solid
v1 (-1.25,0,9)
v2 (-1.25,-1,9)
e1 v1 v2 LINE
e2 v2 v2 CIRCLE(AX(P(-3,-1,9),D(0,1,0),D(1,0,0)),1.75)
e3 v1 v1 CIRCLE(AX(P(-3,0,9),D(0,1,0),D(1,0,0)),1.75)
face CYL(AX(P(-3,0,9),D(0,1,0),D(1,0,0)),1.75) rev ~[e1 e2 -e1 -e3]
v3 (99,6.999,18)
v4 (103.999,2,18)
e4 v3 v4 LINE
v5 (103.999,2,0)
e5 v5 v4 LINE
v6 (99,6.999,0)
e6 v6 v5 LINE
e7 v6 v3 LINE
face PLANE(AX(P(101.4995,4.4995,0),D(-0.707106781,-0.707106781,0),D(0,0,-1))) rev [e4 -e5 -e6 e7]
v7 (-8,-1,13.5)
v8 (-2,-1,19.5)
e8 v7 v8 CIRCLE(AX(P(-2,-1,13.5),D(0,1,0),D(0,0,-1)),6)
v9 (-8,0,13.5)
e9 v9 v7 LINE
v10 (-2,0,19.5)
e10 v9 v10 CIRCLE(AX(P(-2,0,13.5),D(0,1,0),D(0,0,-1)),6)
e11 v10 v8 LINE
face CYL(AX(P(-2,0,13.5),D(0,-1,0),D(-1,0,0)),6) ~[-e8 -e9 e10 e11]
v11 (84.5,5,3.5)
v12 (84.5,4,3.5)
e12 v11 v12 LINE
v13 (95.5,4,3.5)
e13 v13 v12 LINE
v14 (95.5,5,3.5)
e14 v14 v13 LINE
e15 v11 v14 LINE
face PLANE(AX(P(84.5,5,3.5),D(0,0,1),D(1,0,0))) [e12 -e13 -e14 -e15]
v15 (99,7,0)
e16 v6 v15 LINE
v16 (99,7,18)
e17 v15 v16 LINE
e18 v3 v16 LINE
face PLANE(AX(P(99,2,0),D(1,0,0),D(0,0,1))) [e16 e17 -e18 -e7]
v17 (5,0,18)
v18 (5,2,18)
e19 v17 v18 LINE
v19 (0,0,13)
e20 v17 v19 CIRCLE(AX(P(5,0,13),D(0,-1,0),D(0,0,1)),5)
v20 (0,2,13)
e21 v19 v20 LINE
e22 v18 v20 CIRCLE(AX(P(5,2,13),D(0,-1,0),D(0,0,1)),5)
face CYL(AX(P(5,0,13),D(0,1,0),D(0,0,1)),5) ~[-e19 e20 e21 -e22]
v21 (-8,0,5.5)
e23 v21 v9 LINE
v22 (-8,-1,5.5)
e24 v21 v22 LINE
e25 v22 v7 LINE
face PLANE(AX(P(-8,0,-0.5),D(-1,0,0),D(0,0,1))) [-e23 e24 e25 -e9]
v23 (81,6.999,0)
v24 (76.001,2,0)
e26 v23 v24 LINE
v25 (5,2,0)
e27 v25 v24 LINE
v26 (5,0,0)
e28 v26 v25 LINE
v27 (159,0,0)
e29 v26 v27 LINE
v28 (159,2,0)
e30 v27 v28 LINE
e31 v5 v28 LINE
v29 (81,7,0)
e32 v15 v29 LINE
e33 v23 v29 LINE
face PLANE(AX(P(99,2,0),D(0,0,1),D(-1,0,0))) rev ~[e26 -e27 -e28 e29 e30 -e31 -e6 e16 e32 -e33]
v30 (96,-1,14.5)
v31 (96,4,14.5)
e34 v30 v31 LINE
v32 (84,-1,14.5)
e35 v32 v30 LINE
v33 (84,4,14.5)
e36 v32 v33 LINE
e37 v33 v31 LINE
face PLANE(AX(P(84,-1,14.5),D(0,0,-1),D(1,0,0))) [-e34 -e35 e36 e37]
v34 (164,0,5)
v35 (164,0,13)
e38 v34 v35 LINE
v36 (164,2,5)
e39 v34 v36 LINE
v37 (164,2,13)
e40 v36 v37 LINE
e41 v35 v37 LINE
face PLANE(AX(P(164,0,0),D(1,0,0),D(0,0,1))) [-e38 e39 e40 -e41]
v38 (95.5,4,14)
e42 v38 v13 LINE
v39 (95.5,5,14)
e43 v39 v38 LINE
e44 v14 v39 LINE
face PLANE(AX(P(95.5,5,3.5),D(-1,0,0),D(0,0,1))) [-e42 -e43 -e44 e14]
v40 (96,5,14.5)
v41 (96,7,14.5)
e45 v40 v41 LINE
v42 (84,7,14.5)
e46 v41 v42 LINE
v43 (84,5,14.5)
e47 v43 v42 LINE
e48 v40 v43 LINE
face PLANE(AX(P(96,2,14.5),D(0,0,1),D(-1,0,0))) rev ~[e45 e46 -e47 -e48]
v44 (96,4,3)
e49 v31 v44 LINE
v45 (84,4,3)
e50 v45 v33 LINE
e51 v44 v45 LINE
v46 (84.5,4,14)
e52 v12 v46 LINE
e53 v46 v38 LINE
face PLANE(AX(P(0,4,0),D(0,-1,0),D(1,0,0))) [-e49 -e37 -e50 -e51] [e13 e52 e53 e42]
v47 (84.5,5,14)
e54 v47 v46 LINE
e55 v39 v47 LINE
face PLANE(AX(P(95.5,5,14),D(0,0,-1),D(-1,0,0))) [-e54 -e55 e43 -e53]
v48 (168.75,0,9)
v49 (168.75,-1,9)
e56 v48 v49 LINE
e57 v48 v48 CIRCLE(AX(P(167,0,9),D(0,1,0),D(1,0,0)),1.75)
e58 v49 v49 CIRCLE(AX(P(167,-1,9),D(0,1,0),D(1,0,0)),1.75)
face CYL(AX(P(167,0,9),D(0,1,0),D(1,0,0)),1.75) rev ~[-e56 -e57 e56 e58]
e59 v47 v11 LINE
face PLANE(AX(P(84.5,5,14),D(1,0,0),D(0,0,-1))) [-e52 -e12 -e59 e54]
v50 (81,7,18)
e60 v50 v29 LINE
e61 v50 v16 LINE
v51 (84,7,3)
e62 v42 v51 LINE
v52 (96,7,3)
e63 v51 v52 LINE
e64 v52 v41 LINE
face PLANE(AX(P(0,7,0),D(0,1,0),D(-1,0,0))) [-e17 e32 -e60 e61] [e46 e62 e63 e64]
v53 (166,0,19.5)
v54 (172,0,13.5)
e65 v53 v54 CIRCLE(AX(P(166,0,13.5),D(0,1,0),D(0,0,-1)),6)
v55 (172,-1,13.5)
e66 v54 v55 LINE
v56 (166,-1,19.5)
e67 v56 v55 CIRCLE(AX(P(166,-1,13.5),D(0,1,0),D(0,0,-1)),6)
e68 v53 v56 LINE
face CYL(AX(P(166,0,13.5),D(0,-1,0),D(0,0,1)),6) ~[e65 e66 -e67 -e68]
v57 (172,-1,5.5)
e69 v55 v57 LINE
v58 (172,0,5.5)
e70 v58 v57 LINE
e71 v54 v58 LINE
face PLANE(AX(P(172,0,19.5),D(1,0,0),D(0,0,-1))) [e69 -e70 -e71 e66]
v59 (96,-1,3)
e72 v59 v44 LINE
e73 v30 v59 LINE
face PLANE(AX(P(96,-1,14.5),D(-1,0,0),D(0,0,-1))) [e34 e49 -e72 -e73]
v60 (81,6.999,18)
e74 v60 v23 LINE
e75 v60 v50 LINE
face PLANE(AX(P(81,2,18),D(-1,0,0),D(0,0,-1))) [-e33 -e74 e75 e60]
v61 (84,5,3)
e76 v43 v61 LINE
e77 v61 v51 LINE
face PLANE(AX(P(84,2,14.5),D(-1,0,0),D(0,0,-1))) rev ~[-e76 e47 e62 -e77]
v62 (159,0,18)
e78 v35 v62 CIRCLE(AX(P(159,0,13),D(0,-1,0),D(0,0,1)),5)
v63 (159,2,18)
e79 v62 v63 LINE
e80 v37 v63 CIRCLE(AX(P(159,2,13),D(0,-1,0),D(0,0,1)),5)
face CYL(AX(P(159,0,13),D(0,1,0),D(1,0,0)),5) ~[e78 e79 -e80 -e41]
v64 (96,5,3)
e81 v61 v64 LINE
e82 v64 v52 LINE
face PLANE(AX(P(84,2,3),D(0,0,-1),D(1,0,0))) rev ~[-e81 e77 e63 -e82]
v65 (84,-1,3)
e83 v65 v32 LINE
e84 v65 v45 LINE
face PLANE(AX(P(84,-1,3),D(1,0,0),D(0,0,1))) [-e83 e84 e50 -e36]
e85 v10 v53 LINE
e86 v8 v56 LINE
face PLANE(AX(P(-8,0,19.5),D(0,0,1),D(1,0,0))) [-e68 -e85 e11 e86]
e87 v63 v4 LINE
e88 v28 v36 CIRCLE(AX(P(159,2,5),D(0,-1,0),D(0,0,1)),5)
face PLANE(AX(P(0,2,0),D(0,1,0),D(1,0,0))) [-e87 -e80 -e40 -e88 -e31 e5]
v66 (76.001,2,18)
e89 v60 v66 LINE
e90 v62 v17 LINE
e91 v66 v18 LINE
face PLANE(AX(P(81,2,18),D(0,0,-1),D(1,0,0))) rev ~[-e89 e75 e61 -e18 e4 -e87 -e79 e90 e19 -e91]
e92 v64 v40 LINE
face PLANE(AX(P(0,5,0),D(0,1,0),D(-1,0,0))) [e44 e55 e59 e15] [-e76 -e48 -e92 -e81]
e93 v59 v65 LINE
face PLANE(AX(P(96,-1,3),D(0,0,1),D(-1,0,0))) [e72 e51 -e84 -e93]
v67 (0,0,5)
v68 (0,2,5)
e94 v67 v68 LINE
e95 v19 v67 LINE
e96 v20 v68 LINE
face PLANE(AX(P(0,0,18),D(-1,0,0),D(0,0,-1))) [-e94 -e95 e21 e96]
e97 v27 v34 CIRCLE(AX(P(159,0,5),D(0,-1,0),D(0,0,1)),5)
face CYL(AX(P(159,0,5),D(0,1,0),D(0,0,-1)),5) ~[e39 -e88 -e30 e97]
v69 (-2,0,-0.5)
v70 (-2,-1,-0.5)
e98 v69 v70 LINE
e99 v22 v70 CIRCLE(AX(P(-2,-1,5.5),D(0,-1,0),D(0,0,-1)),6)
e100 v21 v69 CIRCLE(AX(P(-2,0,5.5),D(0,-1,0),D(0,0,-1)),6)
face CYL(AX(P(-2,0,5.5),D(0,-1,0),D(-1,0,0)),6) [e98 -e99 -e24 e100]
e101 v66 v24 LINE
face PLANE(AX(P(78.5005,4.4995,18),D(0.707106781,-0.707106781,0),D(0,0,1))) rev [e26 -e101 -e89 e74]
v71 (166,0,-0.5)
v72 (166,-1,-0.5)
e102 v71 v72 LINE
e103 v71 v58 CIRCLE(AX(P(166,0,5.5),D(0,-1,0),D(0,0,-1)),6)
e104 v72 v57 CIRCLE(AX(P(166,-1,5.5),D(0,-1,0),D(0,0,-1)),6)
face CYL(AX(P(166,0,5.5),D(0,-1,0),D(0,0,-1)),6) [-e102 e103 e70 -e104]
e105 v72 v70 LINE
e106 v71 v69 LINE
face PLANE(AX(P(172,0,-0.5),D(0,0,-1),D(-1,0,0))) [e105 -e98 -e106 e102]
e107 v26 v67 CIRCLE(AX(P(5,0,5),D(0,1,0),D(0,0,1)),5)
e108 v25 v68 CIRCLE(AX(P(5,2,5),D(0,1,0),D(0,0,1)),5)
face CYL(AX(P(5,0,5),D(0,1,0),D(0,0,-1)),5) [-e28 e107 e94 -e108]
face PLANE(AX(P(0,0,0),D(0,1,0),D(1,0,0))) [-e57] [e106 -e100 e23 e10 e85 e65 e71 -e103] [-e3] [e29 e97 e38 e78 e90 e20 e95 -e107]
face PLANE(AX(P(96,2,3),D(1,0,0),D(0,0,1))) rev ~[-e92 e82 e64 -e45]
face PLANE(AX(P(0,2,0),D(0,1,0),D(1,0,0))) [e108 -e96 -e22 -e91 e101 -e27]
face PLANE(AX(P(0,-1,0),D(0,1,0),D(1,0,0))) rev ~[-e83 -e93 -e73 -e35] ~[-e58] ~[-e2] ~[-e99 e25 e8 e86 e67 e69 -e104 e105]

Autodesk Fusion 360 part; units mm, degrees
sketch "Skizze1" plane through (0, 0, 0) normal (0, 1, 0) x (1, 0, 0)
  line L0 (0, 0) -> (164, 0)
  line L1 (164, 0) -> (164, -18)
  line L2 (164, -18) -> (0, -18)
  line L3 (0, -18) -> (0, 0)
  dimension "d1" = 18
  dimension "d2" = 164
extrude "Extrusion1" add sketch "Skizze1" along normal blind 8
fillet "Abrundung1" radius 5 4 edges at (0, 4, 18) (164, 4, 18) (0, 4, 0) (164, 4, 0)
sketch "Skizze2" plane through (0, 0, 0) normal (0, 1, 0) x (1, 0, 0)
  line L0 (-8, -19.5) -> (172, -19.5)
  line L1 (172, -19.5) -> (172, 0.5)
  line L2 (172, 0.5) -> (-8, 0.5)
  line L3 (-8, 0.5) -> (-8, -19.5)
  line L4 (-8, -9) -> (172, -9) construction
  circle A0 centre (-3, -9) radius 1.75
  circle A1 centre (167, -9) radius 1.75
  point P0 (0, -13)
  point P1 (164, -13)
  dimension "d7" = 0.5
  dimension "d8" = 19.5
  dimension "d9" = 9
  dimension "d10" = 3
  dimension "d11" = 3
  dimension "d12" = 3.5
  dimension "d13" = 5
  dimension "d14" = 5
extrude "Extrusion2" add sketch "Skizze2" against normal blind 1
fillet "Abrundung2" radius 6 4 edges at (172, -0.5, 19.5) (172, -0.5, -0.5) (-8, -0.5, 19.5) (-8, -0.5, -0.5)
extrude "Extrusion3" cut 1 faces at (56.3333, 8, 12) along direction (0, -1, 0) blind 6
sketch "Skizze3" plane through (0, 2, 0) normal (0, 1, 0) x (-1, 0, 0)
  arc A0 (-164, 5) -> (-159, 0) centre (-159, 5) ccw
  line L0 (-159, 0) -> (-5, 0)
  arc A1 (-5, 0) -> (0, 5) centre (-5, 5) ccw
  line L1 (0, 5) -> (0, 13)
  arc A2 (0, 13) -> (-5, 18) centre (-5, 13) ccw
  line L2 (-5, 18) -> (-159, 18)
  arc A3 (-159, 18) -> (-164, 13) centre (-159, 13) ccw
  line L3 (-164, 13) -> (-164, 5)
  line L4 (-96, 14.5) -> (-84, 14.5)
  line L5 (-84, 14.5) -> (-84, 3)
  line L6 (-84, 3) -> (-96, 3)
  line L7 (-96, 3) -> (-96, 14.5)
  dimension "d21" = 68
  dimension "d22" = 3
  dimension "d23" = 3.5
  dimension "d24" = 12
extrude "Extrusion4" add sketch "Skizze3" along normal blind 3 contours L4 L5 L6 L7
sketch "Skizze4" plane through (0, 2, 0) normal (0, 1, 0) x (-1, 0, 0)
  line L0 (-96, 3) -> (-96, 14.5)
  line L1 (-96, 14.5) -> (-84, 14.5)
  line L2 (-84, 14.5) -> (-84, 3)
  line L3 (-84, 3) -> (-96, 3)
  arc A0 (-164, 5) -> (-159, 0) centre (-159, 5) ccw
  line L4 (-159, 0) -> (-5, 0)
  arc A1 (-5, 0) -> (0, 5) centre (-5, 5) ccw
  line L5 (0, 5) -> (0, 13)
  arc A2 (0, 13) -> (-5, 18) centre (-5, 13) ccw
  line L6 (-5, 18) -> (-159, 18)
  arc A3 (-159, 18) -> (-164, 13) centre (-159, 13) ccw
  line L7 (-164, 13) -> (-164, 5)
  line L8 (-99, 18) -> (-81, 18)
  line L9 (-81, 18) -> (-81, 0)
  line L10 (-81, 0) -> (-99, 0)
  line L11 (-99, 0) -> (-99, 18)
  dimension "d27" = 3.5
  dimension "d28" = 3
  dimension "d29" = 3
  dimension "d30" = 3
extrude "Extrusion5" add sketch "Skizze4" along normal blind 5 contours L4 L6 L8 L9 L10 L11
sketch "Skizze5" plane through (0, 5, 0) normal (0, 1, 0) x (-1, 0, 0)
  line L0 (-96, 3) -> (-84, 3)
  line L1 (-84, 3) -> (-84, 14.5)
  line L2 (-84, 14.5) -> (-96, 14.5)
  line L3 (-96, 14.5) -> (-96, 3)
  line L4 (-95.5, 14) -> (-84.5, 14)
  line L5 (-84.5, 14) -> (-84.5, 3.5)
  line L6 (-84.5, 3.5) -> (-95.5, 3.5)
  line L7 (-95.5, 3.5) -> (-95.5, 14)
  dimension "d33" = 0.5
  dimension "d34" = 0.5
  dimension "d35" = 0.5
  dimension "d36" = 0.5
extrude "Extrusion6" cut sketch "Skizze5" against normal blind 13 contours L4 L5 L6 L7
sketch "Skizze6" plane through (0, -1, 0) normal (0, -1, 0) x (1, 0, 0)
  line L0 (84.5, 3.5) -> (84.5, 14)
  line L1 (84.5, 14) -> (95.5, 14)
  line L2 (95.5, 14) -> (95.5, 3.5)
  line L3 (95.5, 3.5) -> (84.5, 3.5)
  arc A0 (-8, 5.5) -> (-2, -0.5) centre (-2, 5.5) ccw
  line L4 (-2, -0.5) -> (166, -0.5)
  arc A1 (166, -0.5) -> (172, 5.5) centre (166, 5.5) ccw
  line L5 (172, 5.5) -> (172, 13.5)
  arc A2 (172, 13.5) -> (166, 19.5) centre (166, 13.5) ccw
  line L6 (166, 19.5) -> (-2, 19.5)
  arc A3 (-2, 19.5) -> (-8, 13.5) centre (-2, 13.5) ccw
  line L7 (-8, 13.5) -> (-8, 5.5)
  circle A4 centre (-3, 9) radius 1.75
  circle A5 centre (167, 9) radius 1.75
  line L8 (84, 14.5) -> (96, 14.5)
  line L9 (96, 14.5) -> (96, 3)
  line L10 (96, 3) -> (84, 3)
  line L11 (84, 3) -> (84, 14.5)
  dimension "d39" = 0.5
  dimension "d40" = 0.5
  dimension "d41" = 0.5
  dimension "d42" = 0.5
extrude "Extrusion7" cut sketch "Skizze6" against normal blind 5 contours L8 L9 L10 L11
chamfer "Fase1" distance 5 angle 45 2 edges at (99, 2, 9) (81, 2, 9)
